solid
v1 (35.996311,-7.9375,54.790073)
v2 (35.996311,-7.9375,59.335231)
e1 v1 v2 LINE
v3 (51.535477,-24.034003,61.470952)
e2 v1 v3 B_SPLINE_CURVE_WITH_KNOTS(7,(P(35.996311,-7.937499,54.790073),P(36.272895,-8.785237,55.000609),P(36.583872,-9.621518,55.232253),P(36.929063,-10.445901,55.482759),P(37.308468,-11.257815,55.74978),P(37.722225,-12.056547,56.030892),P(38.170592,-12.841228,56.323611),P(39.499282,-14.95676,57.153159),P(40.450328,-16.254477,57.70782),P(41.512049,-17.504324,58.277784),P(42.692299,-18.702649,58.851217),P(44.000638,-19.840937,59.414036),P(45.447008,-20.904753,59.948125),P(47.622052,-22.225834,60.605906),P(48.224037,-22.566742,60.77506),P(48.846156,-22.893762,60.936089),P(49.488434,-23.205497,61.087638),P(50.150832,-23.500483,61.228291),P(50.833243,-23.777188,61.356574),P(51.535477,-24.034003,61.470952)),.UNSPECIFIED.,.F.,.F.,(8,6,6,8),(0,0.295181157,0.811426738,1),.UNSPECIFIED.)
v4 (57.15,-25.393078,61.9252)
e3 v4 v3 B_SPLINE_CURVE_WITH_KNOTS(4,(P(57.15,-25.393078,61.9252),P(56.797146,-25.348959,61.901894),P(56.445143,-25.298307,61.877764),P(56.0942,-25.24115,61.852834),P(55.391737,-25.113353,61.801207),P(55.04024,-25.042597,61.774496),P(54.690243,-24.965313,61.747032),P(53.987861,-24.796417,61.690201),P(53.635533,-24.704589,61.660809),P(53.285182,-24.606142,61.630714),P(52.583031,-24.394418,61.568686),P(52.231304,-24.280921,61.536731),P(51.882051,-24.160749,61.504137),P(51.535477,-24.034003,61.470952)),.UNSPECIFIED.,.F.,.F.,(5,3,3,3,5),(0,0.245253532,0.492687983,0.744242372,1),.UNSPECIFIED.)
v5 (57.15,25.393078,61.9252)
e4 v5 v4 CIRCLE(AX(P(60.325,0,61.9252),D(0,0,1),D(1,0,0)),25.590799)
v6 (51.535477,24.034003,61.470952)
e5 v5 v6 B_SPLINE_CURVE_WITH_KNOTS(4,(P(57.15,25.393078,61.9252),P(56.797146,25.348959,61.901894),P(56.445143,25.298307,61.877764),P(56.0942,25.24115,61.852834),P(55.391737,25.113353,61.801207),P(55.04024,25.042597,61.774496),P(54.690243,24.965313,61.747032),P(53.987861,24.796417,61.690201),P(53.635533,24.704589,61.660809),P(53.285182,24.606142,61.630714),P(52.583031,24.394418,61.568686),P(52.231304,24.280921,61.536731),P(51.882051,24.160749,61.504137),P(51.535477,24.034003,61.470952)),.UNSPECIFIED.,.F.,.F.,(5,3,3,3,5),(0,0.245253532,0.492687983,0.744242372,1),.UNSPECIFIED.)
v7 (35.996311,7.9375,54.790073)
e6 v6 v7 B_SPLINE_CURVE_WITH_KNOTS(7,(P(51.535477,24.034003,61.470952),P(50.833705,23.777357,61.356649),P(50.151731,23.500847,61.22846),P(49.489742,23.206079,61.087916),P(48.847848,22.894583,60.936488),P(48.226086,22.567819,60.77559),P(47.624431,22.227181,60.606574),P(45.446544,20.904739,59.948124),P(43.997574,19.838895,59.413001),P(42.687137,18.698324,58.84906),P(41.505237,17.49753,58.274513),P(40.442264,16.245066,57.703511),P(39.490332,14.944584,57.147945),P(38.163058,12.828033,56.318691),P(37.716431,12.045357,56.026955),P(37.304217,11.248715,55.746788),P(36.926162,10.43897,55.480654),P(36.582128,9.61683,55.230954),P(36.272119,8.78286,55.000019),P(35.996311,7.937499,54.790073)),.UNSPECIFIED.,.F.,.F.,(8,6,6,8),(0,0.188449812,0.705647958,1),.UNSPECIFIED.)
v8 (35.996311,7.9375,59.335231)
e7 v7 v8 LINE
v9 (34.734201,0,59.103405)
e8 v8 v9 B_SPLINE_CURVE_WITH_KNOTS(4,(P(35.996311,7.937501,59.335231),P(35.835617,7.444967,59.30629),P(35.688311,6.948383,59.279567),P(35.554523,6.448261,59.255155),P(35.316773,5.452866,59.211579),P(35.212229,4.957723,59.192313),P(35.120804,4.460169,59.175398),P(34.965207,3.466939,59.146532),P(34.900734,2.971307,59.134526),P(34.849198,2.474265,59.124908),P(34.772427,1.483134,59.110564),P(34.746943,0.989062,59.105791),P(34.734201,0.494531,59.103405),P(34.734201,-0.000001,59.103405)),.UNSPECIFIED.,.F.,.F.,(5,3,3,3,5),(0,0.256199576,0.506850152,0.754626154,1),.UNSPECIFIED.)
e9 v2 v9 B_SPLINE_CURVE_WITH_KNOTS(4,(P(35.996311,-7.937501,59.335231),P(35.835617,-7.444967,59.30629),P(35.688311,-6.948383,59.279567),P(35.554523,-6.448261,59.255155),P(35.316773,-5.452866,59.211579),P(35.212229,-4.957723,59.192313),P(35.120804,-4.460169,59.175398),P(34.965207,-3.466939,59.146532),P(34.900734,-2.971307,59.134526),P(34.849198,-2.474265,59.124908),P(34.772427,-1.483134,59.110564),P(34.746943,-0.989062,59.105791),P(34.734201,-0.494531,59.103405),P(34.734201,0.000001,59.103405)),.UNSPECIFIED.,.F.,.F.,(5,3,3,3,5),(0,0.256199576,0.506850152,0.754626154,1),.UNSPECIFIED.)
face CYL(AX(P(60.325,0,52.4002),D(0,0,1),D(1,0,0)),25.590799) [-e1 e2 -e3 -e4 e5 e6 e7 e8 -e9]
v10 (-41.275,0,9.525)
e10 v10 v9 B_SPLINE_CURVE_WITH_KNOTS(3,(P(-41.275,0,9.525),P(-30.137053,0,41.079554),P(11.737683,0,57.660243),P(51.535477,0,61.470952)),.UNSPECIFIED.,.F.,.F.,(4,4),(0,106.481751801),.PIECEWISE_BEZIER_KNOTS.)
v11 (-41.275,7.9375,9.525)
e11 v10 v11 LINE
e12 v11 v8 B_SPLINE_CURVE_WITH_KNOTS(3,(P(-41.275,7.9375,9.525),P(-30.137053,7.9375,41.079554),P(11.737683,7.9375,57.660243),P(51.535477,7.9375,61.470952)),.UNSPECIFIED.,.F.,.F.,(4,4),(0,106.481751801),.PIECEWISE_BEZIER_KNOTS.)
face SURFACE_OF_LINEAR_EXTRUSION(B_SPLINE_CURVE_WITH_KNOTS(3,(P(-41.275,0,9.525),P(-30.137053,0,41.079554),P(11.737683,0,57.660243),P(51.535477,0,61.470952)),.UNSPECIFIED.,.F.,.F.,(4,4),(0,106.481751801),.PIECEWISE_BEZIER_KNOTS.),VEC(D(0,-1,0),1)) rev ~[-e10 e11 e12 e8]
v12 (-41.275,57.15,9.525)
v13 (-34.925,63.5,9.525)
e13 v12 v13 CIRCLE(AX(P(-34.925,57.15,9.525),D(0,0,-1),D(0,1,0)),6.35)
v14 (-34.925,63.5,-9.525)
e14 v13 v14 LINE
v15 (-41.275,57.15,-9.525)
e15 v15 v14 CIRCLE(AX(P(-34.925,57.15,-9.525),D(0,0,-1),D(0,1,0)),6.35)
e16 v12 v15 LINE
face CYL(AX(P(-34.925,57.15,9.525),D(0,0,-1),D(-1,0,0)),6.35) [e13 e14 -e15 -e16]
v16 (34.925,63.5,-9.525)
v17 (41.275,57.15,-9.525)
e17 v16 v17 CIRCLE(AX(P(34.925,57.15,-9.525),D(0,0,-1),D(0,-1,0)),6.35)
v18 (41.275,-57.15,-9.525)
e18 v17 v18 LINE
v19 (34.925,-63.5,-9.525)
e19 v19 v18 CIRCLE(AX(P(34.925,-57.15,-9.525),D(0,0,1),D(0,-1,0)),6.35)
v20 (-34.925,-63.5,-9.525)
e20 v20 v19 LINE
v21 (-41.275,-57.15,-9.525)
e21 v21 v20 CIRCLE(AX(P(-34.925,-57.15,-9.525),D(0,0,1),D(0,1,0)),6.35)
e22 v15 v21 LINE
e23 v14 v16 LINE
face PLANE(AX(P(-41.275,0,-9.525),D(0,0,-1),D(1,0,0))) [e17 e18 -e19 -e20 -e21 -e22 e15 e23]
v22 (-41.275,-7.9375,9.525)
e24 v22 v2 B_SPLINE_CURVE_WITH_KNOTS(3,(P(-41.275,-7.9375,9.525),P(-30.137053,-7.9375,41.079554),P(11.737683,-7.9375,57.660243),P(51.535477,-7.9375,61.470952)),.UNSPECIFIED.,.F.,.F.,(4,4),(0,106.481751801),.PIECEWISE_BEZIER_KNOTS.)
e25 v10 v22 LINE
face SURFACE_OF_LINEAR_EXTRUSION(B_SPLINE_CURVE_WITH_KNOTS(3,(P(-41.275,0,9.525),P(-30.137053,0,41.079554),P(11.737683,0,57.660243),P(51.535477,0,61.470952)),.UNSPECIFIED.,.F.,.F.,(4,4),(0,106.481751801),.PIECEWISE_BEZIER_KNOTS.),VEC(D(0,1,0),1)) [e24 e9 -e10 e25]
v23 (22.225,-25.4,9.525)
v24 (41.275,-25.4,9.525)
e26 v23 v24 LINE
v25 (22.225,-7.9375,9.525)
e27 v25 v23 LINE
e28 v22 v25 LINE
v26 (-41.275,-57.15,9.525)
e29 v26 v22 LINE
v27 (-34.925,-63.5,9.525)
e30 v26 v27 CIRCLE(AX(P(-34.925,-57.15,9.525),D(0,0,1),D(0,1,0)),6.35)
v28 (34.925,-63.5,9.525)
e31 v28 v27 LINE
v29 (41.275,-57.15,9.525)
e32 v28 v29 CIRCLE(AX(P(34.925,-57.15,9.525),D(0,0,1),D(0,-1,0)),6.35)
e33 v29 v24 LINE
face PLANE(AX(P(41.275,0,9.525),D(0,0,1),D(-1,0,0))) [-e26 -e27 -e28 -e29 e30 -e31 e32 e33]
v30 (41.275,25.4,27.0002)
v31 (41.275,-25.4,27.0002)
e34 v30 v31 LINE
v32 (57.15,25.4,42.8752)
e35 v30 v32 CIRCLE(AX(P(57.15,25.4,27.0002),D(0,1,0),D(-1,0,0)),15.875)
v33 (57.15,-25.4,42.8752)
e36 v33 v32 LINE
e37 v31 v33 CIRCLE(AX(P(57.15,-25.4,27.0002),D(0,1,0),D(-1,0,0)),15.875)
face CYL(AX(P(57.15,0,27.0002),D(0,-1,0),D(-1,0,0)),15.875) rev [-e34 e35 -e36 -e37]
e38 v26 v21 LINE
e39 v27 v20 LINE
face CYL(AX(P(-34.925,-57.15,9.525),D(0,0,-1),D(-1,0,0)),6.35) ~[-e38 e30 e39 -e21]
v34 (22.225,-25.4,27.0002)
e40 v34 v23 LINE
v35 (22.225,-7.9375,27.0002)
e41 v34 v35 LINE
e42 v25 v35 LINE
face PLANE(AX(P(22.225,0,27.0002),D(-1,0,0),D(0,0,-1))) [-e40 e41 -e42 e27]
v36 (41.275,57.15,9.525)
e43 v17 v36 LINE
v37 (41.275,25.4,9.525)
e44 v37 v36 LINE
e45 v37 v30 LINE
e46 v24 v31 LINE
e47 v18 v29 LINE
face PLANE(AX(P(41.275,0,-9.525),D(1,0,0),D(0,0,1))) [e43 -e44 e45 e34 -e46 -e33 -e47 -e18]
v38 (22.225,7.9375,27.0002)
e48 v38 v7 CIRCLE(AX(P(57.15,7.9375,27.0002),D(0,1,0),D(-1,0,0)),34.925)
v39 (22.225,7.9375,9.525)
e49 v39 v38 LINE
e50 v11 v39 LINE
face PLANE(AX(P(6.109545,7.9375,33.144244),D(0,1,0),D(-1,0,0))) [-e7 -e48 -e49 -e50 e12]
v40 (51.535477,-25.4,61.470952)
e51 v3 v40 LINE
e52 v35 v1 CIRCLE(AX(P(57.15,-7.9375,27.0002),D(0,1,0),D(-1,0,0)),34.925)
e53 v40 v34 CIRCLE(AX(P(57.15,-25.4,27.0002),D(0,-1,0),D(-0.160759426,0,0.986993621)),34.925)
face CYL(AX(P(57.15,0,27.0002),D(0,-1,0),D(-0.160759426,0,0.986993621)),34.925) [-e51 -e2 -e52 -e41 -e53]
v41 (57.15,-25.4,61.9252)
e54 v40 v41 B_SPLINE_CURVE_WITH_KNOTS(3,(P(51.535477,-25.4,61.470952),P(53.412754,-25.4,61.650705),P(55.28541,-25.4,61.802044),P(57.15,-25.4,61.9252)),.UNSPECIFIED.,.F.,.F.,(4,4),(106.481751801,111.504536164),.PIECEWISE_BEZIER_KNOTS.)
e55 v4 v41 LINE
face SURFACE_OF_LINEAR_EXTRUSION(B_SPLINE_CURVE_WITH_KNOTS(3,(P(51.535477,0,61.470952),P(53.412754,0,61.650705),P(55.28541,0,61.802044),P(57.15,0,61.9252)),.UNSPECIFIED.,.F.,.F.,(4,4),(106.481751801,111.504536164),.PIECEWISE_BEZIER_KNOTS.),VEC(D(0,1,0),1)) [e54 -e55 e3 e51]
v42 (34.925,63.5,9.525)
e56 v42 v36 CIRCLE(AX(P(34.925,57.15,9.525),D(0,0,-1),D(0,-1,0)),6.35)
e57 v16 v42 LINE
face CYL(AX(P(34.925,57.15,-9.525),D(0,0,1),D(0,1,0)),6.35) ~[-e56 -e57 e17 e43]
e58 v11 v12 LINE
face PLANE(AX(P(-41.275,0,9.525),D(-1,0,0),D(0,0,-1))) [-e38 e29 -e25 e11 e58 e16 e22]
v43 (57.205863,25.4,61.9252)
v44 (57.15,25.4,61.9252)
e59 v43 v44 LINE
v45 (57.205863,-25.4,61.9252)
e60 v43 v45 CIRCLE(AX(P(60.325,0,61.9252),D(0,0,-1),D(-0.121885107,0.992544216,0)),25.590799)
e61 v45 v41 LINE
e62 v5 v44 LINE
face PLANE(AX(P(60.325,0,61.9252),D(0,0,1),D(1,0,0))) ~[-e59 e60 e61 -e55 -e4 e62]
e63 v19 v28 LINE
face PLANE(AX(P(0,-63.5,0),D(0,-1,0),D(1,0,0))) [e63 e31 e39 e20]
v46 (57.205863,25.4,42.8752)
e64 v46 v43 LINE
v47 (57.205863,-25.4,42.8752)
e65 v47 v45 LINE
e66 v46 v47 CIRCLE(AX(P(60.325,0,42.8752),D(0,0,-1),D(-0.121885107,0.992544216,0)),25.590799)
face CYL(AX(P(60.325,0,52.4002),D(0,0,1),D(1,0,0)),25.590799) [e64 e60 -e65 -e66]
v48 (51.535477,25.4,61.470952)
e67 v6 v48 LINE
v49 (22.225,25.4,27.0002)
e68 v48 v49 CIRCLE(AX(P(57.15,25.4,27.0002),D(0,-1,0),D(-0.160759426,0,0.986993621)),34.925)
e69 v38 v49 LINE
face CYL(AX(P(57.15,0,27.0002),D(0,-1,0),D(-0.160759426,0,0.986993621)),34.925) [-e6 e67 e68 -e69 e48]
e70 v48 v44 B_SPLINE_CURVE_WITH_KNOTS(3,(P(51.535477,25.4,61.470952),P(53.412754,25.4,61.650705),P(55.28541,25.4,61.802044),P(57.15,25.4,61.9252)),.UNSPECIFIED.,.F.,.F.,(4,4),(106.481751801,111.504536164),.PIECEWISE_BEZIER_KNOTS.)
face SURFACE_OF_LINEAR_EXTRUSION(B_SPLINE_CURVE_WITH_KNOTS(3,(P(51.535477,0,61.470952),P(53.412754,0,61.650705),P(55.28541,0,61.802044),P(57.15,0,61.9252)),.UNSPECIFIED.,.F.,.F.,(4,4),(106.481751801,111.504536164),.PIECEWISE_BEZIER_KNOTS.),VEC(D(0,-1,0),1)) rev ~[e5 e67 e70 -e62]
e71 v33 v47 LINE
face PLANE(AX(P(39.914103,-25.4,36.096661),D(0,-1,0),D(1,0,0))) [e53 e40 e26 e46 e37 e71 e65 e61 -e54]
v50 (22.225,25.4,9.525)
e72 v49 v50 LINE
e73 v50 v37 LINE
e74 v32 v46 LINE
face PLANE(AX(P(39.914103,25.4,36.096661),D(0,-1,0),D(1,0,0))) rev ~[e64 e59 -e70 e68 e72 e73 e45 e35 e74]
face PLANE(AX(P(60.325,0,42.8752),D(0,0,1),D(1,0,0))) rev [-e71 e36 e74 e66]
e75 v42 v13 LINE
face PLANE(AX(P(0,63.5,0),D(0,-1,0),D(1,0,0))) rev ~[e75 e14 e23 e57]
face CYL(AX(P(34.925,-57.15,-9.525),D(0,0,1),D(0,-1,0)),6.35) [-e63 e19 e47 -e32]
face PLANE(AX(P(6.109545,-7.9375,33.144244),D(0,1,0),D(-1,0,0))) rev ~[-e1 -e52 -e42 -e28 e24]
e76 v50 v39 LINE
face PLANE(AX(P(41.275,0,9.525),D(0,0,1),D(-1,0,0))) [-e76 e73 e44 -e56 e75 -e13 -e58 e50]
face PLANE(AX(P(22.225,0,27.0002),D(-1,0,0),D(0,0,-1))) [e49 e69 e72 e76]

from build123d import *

# Parameters (mm, degrees)
F1_DEPTH = 63.5
F2_DEPTH = 25.4
F3_DEPTH = 7.9375
F0_W     = 25.5907994721
F0_H     = 19.05
F5_R     = 6.35


with BuildPart() as f1:
    # F0 (on Front) → F1 (new body, symmetric)
    with BuildSketch(Plane.XZ):
        Polygon((22.225, 9.525), (-41.275, 9.525), (-41.275, -9.525), (41.275, -9.525), (41.275, 9.525), align=None)
    extrude(amount=F1_DEPTH, both=True)

    # F0 (on Front) → F2 (join, symmetric)
    with BuildSketch(Plane.XZ):
        with BuildLine():
            Line((22.225, 27.0002), (22.225, 9.525))
            Line((22.225, 9.525), (41.275, 9.525))
            Line((41.275, 9.525), (41.275, 27.0002))
            ThreePointArc((41.275, 27.0002), (45.9246798487, 38.2255201513), (57.15, 42.8752))
            Line((57.15, 42.8752), (60.325, 42.8752))
            Line((60.325, 42.8752), (60.325, 61.9252))
            Line((60.325, 61.9252), (57.15, 61.9252))
            add(Edge.make_bspline(
                [(51.5354770489, 61.4709521971), (53.4127539881, 61.6507047986), (55.2854096398, 61.802043629), (57.15, 61.9252)],
                knots=[106.4817518013, 106.4817518013, 106.4817518013, 106.4817518013, 111.5045361635, 111.5045361635, 111.5045361635, 111.5045361635], degree=3))
            ThreePointArc((51.5354770489, 61.4709521971), (30.5432072671, 49.6239531251), (22.225, 27.0002))
        make_face()
    extrude(amount=F2_DEPTH, both=True)

    # F0 (on Front) → F3 (join, symmetric)
    with BuildSketch(Plane.XZ):
        with BuildLine():
            add(Edge.make_bspline(
                [(-41.275, 9.525), (-30.1370525235, 41.0795542305), (11.7376830989, 57.6602427342), (51.5354770489, 61.4709521971)],
                knots=[0, 0, 0, 0, 106.4817518013, 106.4817518013, 106.4817518013, 106.4817518013], degree=3))
            Line((-41.275, 9.525), (22.225, 9.525))
            Line((22.225, 9.525), (22.225, 27.0002))
            ThreePointArc((22.225, 27.0002), (30.5432072671, 49.6239531251), (51.5354770489, 61.4709521971))
        make_face()
    extrude(amount=F3_DEPTH, both=True)

    # F0 (on Front) → F4 (revolve)
    with BuildSketch(Plane.XZ):
        with Locations((73.120399736, 52.4002)):
            Rectangle(F0_W, F0_H)
    revolve(axis=Axis((60.325, 0, 52.3875), (0, 0, 1)))

    # F5
    f5_edges = [f1.edges().sort_by_distance(p)[0] for p in [
        (41.275, -63.5, 0),
        (-41.275, -63.5, 0),
        (-41.275, 63.5, 0),
        (41.275, 63.5, 0),
    ]]
    fillet(f5_edges, radius=F5_R)


solid = f1.part
